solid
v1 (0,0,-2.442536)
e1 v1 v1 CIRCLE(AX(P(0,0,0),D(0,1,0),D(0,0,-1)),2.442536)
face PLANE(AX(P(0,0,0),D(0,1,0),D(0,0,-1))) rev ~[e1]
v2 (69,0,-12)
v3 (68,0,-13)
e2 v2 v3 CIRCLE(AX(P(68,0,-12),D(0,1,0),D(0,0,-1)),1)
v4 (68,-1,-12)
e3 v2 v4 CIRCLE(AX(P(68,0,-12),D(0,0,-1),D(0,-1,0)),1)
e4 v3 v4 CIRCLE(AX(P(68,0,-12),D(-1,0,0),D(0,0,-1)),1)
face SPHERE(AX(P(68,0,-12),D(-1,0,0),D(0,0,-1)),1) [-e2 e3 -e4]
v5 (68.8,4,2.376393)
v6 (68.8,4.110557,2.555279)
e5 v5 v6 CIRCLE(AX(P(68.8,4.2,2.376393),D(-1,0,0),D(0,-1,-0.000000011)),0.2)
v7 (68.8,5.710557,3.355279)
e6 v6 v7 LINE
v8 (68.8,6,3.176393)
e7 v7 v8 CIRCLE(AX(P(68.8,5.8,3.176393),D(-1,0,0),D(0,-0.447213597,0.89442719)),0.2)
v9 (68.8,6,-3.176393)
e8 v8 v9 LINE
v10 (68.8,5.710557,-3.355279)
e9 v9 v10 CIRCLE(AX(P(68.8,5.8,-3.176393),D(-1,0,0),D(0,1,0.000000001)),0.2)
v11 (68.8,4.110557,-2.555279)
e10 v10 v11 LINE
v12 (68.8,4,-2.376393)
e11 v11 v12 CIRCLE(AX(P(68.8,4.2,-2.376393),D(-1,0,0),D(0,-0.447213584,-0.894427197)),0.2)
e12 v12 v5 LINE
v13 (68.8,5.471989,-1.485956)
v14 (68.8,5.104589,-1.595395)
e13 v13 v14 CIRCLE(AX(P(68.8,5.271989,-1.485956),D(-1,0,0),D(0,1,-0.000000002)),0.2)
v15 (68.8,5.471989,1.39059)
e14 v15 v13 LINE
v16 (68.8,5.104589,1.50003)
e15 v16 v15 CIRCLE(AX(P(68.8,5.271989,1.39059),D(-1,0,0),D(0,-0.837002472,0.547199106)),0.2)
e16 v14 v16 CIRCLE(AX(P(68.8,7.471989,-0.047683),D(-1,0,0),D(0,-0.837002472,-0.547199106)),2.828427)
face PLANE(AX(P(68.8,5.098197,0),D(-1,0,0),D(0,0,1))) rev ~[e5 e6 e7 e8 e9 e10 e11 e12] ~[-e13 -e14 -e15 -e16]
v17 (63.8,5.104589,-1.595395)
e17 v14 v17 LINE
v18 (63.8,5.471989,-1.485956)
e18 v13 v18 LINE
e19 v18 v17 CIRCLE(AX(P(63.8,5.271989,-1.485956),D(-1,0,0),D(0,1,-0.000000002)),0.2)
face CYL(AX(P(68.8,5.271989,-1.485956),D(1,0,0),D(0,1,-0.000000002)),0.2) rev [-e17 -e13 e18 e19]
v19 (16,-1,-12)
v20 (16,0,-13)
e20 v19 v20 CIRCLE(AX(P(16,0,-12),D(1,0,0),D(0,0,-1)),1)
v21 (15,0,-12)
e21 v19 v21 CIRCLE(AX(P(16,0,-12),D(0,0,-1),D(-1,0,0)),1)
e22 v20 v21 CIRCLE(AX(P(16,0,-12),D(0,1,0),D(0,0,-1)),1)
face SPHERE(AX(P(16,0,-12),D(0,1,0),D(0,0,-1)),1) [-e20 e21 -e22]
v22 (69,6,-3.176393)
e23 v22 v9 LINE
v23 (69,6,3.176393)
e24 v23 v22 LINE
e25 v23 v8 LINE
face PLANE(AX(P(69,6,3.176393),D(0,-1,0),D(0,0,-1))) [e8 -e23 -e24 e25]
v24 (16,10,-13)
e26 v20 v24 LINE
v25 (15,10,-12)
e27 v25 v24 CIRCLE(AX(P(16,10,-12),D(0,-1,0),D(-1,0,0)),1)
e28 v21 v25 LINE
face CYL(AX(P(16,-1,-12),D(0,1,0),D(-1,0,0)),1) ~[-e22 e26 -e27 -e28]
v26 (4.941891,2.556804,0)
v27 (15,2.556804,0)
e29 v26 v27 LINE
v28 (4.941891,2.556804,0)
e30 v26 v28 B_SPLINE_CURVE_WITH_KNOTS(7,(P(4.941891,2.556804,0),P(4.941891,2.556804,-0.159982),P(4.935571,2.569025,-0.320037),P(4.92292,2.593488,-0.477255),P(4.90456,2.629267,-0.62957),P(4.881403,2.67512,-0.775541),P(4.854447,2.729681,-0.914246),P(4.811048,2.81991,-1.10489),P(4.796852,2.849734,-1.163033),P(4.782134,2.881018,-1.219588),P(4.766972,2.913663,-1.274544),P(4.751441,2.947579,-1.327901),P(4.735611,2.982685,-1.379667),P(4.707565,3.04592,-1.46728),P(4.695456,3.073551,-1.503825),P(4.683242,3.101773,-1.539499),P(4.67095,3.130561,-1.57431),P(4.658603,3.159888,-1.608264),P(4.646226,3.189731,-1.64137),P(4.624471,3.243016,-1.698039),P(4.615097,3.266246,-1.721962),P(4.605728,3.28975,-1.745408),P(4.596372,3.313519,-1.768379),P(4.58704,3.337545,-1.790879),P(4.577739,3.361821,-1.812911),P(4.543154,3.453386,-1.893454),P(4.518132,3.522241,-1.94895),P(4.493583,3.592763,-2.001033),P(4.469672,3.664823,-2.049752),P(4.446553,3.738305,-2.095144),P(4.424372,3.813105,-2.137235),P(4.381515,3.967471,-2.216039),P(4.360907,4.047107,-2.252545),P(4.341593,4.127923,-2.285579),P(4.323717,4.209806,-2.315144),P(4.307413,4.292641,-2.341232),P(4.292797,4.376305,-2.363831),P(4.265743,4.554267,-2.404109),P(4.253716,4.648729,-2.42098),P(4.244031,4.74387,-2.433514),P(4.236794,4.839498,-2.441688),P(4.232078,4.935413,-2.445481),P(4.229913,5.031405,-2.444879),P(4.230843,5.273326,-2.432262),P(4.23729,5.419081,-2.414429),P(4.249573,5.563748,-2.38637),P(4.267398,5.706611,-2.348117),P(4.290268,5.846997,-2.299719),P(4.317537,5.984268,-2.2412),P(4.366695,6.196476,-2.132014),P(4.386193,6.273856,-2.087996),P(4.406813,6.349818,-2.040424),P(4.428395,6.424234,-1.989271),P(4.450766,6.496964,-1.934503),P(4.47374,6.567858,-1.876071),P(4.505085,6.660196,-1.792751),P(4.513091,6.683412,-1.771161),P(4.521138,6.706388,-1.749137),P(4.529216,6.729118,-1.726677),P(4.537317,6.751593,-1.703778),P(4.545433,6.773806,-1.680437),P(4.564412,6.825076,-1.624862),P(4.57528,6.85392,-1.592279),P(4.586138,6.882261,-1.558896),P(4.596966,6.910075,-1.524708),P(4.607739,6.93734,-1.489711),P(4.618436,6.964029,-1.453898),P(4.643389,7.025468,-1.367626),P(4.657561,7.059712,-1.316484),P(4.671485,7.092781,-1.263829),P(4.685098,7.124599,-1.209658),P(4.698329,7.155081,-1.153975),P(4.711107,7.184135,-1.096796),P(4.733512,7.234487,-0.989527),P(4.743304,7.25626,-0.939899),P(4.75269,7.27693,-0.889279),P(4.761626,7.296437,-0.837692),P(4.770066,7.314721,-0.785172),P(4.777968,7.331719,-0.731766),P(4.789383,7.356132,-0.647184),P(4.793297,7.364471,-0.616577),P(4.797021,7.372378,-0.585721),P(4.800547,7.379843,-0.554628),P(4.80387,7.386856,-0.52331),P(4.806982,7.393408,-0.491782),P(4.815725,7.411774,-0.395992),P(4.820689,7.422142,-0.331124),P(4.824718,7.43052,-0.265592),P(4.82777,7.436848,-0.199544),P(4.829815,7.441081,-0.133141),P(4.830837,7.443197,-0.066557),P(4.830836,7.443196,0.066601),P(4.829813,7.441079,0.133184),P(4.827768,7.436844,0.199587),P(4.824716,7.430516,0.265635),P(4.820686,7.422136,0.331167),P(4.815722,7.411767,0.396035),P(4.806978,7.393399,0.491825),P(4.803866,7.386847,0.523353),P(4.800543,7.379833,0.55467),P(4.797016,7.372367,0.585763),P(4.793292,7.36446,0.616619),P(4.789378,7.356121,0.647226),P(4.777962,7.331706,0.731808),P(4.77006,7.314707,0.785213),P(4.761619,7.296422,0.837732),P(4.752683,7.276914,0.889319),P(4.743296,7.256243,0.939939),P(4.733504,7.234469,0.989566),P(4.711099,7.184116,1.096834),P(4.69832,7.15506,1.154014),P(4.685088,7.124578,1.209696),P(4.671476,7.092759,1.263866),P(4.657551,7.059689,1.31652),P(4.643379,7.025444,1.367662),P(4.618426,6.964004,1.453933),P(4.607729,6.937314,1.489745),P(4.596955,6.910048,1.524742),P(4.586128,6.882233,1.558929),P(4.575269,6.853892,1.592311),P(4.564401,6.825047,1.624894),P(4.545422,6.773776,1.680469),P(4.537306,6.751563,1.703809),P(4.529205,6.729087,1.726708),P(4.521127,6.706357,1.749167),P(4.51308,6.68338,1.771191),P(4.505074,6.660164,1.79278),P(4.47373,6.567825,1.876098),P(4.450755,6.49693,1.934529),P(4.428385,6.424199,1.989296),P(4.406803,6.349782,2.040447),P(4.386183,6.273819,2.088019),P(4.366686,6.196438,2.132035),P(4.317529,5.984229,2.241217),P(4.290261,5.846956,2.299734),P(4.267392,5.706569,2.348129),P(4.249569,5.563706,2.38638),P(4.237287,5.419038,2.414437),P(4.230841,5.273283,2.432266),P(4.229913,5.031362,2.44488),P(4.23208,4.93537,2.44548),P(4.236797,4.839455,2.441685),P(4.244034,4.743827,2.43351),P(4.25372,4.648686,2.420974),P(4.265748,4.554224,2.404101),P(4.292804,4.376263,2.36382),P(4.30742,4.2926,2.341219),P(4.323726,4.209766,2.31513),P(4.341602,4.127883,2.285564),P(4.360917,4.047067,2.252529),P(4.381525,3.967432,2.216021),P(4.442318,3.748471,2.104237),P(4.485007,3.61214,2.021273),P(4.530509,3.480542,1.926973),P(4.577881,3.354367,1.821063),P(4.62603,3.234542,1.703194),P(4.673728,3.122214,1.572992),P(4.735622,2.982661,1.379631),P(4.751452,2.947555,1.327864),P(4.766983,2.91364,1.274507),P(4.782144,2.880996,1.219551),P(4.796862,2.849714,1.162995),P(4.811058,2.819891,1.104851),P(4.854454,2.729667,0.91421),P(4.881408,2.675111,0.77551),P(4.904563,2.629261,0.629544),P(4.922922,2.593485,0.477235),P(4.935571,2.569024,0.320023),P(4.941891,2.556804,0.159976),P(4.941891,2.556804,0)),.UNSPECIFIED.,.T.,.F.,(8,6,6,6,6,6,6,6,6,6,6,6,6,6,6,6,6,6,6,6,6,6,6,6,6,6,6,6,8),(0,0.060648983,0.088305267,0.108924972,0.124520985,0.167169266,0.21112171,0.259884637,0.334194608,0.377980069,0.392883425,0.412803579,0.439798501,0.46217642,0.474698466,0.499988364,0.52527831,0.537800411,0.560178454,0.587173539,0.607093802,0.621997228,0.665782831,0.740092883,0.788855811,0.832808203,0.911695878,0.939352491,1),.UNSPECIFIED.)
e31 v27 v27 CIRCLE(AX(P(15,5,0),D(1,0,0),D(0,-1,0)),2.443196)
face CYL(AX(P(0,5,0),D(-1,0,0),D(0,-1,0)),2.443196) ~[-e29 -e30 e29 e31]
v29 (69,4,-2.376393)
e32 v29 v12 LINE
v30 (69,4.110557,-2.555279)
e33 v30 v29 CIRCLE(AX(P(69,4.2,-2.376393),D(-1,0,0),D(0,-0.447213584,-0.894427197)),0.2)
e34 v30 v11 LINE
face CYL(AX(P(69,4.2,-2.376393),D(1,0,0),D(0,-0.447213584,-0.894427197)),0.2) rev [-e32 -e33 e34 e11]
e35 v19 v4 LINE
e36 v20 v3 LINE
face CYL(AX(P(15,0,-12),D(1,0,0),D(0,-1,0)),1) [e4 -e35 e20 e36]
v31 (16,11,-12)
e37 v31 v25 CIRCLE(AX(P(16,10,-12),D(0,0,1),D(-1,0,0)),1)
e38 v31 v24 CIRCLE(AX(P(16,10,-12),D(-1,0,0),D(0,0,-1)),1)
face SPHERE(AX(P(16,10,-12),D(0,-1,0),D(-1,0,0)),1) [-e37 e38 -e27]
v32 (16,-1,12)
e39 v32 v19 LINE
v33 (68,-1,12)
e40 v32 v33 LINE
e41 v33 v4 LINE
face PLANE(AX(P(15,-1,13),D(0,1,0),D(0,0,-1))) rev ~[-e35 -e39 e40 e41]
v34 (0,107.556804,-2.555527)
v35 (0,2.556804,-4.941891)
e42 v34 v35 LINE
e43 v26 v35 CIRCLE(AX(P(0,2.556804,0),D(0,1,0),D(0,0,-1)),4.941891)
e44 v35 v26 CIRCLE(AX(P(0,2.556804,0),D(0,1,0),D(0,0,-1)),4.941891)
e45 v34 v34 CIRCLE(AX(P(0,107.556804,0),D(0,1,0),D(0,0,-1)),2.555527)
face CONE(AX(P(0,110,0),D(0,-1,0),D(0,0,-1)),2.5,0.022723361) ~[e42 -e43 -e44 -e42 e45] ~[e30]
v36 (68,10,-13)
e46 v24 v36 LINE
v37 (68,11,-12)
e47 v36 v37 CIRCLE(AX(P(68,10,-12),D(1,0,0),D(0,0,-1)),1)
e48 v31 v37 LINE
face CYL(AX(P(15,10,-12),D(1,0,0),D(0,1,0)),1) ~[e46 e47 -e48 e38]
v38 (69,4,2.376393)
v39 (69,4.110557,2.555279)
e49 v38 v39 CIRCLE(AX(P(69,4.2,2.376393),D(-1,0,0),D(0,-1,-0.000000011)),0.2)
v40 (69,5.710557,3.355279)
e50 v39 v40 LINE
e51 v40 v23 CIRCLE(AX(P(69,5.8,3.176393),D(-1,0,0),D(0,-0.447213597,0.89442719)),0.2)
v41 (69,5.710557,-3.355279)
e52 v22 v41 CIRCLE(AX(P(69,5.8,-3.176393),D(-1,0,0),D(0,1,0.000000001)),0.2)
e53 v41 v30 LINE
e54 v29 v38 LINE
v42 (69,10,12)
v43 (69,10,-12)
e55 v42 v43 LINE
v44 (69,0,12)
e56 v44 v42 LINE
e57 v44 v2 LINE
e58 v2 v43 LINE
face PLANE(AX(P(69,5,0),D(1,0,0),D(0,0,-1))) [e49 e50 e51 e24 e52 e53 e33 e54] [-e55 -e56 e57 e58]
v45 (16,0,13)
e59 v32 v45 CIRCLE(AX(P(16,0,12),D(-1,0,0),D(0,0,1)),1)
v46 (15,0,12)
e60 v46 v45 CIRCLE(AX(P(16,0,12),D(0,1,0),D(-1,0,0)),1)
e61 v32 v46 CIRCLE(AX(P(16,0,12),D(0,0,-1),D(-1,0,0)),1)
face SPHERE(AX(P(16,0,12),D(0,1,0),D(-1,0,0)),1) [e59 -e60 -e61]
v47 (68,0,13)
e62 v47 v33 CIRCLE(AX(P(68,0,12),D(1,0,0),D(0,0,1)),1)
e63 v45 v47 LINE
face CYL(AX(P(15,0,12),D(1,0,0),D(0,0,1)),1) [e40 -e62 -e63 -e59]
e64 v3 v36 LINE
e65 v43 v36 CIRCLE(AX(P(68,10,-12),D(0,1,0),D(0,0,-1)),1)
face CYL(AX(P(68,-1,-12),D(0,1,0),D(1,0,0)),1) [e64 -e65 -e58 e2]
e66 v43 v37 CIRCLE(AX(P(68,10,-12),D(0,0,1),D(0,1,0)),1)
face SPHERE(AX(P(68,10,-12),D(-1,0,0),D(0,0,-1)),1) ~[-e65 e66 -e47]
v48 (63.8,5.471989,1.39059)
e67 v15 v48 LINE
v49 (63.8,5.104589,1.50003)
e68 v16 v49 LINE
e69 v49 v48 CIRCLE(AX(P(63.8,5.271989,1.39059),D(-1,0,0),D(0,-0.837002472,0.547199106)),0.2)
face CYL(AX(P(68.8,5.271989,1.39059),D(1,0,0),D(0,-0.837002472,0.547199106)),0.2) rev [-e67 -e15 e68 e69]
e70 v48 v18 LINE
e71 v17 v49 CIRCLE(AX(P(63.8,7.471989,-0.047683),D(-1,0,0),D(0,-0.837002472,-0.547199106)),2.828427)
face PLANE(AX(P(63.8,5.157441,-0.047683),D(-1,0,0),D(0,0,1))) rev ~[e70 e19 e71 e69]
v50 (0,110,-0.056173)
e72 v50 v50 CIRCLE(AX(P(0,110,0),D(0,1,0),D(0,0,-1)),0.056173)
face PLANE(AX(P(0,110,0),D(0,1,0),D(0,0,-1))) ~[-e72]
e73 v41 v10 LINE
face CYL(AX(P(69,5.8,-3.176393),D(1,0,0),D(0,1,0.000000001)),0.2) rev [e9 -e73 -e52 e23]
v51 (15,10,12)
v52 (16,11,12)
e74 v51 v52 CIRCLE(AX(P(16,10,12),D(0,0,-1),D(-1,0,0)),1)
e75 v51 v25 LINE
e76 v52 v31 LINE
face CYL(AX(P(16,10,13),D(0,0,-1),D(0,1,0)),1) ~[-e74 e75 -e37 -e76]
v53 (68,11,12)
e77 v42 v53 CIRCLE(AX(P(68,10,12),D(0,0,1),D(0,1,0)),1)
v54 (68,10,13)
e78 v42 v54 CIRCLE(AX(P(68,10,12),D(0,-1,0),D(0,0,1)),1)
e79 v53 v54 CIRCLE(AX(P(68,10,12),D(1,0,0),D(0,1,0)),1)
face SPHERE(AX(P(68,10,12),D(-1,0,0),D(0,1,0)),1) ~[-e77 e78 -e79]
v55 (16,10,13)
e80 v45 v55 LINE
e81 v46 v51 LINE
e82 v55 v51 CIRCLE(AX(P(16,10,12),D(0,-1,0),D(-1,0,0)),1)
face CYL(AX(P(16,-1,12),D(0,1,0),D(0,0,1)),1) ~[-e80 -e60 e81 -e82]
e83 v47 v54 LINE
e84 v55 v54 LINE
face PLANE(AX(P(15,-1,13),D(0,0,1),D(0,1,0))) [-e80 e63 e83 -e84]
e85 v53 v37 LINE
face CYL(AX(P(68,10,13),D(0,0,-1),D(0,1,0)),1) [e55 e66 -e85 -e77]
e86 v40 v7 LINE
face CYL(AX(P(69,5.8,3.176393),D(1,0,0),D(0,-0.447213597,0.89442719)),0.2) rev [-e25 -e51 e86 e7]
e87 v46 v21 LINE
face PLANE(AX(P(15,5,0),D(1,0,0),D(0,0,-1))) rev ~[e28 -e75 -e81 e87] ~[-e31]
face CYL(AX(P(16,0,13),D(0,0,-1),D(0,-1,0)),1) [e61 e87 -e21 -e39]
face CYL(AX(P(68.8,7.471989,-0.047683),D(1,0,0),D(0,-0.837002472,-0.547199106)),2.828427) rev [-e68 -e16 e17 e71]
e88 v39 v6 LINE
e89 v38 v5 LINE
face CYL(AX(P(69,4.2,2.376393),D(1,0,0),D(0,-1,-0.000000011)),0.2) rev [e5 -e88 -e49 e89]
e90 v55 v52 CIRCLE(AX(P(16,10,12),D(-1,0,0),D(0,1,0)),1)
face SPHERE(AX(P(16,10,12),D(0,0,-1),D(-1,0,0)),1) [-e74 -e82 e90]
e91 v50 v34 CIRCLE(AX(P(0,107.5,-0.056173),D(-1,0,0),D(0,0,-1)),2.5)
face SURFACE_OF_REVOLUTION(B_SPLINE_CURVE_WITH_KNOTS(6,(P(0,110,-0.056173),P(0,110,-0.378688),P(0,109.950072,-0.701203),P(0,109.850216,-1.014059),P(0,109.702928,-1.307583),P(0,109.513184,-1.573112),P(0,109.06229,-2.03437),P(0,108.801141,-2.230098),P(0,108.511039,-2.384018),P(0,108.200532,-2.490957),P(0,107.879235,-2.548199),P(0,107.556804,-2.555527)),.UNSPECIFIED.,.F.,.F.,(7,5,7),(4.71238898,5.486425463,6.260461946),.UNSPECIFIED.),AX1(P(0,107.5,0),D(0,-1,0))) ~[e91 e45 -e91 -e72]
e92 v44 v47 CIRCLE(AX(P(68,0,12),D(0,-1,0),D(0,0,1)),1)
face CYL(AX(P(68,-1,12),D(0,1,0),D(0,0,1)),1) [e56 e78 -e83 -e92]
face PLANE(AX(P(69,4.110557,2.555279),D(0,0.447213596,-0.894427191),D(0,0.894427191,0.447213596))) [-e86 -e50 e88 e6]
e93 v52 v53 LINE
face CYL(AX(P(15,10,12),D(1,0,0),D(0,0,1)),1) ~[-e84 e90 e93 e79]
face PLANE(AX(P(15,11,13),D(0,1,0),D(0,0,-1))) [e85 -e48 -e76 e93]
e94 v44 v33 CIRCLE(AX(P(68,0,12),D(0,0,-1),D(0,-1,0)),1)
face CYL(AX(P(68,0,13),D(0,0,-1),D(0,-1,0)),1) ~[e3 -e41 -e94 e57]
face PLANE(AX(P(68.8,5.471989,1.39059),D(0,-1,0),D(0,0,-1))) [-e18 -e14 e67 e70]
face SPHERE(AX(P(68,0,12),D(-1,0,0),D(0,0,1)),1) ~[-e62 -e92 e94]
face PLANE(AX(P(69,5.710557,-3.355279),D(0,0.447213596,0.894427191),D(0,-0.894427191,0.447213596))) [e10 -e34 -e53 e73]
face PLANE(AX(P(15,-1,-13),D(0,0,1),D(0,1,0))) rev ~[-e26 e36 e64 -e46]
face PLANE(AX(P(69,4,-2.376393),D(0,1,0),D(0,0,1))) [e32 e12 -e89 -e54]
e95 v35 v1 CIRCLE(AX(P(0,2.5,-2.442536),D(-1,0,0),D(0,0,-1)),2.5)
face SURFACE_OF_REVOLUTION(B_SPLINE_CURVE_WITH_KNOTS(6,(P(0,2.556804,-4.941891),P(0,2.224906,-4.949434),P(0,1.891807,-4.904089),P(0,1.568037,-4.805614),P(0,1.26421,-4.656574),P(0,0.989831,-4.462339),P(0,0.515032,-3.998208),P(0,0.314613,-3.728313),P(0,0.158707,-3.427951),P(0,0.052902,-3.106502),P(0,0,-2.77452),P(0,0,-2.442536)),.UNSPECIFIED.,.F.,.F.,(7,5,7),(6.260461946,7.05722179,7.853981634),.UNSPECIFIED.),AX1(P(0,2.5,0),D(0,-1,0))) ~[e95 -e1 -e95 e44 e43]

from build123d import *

# Parameters (mm, degrees)
FILLET1_R           = 2.5
SKETCH2_R           = 2.443196487
BOSS_EXTRUDE1_DEPTH = 15
SKETCH3_W           = 26
SKETCH3_H           = 12
BOSS_EXTRUDE2_DEPTH = 54
FILLET2_R           = 1
CUT_EXTRUDE3_DEPTH  = 0.2
CUT_EXTRUDE4_DEPTH  = 5


with BuildPart() as part:
    # Sketch1 → Revolve1 (revolve)
    with BuildSketch(Plane.XY, mode=Mode.PRIVATE) as revolve1_sk:
        Polygon((0, 0), (0, 110), (2.5, 110), (5, 0), align=None)
    revolve(revolve1_sk.sketch.rotate(Axis((0, 0, 0), (0, 1, 0)), 90), axis=Axis((0, 0, 0), (0, 1, 0)))

    # Fillet1
    fillet1_edges = [part.edges().sort_by_distance(p)[0] for p in [
        (0, 110, 2.5),
        (0, 0, 5),
    ]]
    fillet(fillet1_edges, radius=FILLET1_R)

    # Sketch2 → Boss-Extrude1 (add)
    with BuildSketch(Plane(origin=(0, 0, 0), x_dir=(0, 0, -1), z_dir=(1, 0, 0))):
        with Locations(Location((0, 5, 0), (0, 0, 269.999999999))):
            Circle(SKETCH2_R)
    extrude(amount=BOSS_EXTRUDE1_DEPTH)

    # Sketch3 → Boss-Extrude2 (add)
    with BuildSketch(Plane(origin=(15, 0, 0), x_dir=(0, 0, -1), z_dir=(1, 0, 0))):
        with Locations((0, 5)):
            Rectangle(SKETCH3_W, SKETCH3_H)
    extrude(amount=BOSS_EXTRUDE2_DEPTH)

    # Fillet2
    fillet2_edges = [part.edges().sort_by_distance(p)[0] for p in [
        (15, 5, -13),
        (42, -1, -13),
        (15, 11, 0),
        (42, 11, -13),
        (15, 5, 13),
        (42, 11, 13),
        (15, -1, 0),
        (42, -1, 13),
        (69, 5, -13),
        (69, 11, 0),
        (69, 5, 13),
        (69, -1, 0),
    ]]
    fillet(fillet2_edges, radius=FILLET2_R)

    # Sketch6 → Cut-Extrude3 (cut)
    with BuildSketch(Plane(origin=(69, 0, 0), x_dir=(0, 0, -1), z_dir=(1, 0, 0))):
        with BuildLine():
            Line((-3.176393202, 6), (3.176393202, 6))
            ThreePointArc((3.176393202, 6), (3.346523364, 5.905146222), (3.35527864, 5.710557281))
            Line((3.35527864, 5.710557281), (2.55527864, 4.110557281))
            ThreePointArc((2.55527864, 4.110557281), (2.481539425, 4.029869838), (2.376393202, 4))
            Line((2.376393202, 4), (-2.376393202, 4))
            ThreePointArc((-2.376393202, 4), (-2.481539425, 4.029869838), (-2.55527864, 4.110557281))
            Line((-2.55527864, 4.110557281), (-3.35527864, 5.710557281))
            ThreePointArc((-3.35527864, 5.710557281), (-3.346523364, 5.905146222), (-3.176393202, 6))
        make_face()
    extrude(amount=-CUT_EXTRUDE3_DEPTH, mode=Mode.SUBTRACT)

    # Sketch8 → Cut-Extrude4 (cut)
    with BuildSketch(Plane(origin=(68.8, 0, 0), x_dir=(0, 0, -1), z_dir=(1, 0, 0))):
        with BuildLine():
            Line((0.047682537, 5.471989403), (1.485955512, 5.471989403))
            ThreePointArc((1.485955512, 5.471989403), (1.677632452, 5.32908538), (1.595395333, 5.104588908))
            ThreePointArc((1.595395333, 5.104588908), (0.047682537, 4.643562278), (-1.500030259, 5.104588908))
            ThreePointArc((-1.500030259, 5.104588908), (-1.582267378, 5.32908538), (-1.390590438, 5.471989403))
            Line((-1.390590438, 5.471989403), (0.047682537, 5.471989403))
        make_face()
    extrude(amount=-CUT_EXTRUDE4_DEPTH, mode=Mode.SUBTRACT)


solid = part.part
